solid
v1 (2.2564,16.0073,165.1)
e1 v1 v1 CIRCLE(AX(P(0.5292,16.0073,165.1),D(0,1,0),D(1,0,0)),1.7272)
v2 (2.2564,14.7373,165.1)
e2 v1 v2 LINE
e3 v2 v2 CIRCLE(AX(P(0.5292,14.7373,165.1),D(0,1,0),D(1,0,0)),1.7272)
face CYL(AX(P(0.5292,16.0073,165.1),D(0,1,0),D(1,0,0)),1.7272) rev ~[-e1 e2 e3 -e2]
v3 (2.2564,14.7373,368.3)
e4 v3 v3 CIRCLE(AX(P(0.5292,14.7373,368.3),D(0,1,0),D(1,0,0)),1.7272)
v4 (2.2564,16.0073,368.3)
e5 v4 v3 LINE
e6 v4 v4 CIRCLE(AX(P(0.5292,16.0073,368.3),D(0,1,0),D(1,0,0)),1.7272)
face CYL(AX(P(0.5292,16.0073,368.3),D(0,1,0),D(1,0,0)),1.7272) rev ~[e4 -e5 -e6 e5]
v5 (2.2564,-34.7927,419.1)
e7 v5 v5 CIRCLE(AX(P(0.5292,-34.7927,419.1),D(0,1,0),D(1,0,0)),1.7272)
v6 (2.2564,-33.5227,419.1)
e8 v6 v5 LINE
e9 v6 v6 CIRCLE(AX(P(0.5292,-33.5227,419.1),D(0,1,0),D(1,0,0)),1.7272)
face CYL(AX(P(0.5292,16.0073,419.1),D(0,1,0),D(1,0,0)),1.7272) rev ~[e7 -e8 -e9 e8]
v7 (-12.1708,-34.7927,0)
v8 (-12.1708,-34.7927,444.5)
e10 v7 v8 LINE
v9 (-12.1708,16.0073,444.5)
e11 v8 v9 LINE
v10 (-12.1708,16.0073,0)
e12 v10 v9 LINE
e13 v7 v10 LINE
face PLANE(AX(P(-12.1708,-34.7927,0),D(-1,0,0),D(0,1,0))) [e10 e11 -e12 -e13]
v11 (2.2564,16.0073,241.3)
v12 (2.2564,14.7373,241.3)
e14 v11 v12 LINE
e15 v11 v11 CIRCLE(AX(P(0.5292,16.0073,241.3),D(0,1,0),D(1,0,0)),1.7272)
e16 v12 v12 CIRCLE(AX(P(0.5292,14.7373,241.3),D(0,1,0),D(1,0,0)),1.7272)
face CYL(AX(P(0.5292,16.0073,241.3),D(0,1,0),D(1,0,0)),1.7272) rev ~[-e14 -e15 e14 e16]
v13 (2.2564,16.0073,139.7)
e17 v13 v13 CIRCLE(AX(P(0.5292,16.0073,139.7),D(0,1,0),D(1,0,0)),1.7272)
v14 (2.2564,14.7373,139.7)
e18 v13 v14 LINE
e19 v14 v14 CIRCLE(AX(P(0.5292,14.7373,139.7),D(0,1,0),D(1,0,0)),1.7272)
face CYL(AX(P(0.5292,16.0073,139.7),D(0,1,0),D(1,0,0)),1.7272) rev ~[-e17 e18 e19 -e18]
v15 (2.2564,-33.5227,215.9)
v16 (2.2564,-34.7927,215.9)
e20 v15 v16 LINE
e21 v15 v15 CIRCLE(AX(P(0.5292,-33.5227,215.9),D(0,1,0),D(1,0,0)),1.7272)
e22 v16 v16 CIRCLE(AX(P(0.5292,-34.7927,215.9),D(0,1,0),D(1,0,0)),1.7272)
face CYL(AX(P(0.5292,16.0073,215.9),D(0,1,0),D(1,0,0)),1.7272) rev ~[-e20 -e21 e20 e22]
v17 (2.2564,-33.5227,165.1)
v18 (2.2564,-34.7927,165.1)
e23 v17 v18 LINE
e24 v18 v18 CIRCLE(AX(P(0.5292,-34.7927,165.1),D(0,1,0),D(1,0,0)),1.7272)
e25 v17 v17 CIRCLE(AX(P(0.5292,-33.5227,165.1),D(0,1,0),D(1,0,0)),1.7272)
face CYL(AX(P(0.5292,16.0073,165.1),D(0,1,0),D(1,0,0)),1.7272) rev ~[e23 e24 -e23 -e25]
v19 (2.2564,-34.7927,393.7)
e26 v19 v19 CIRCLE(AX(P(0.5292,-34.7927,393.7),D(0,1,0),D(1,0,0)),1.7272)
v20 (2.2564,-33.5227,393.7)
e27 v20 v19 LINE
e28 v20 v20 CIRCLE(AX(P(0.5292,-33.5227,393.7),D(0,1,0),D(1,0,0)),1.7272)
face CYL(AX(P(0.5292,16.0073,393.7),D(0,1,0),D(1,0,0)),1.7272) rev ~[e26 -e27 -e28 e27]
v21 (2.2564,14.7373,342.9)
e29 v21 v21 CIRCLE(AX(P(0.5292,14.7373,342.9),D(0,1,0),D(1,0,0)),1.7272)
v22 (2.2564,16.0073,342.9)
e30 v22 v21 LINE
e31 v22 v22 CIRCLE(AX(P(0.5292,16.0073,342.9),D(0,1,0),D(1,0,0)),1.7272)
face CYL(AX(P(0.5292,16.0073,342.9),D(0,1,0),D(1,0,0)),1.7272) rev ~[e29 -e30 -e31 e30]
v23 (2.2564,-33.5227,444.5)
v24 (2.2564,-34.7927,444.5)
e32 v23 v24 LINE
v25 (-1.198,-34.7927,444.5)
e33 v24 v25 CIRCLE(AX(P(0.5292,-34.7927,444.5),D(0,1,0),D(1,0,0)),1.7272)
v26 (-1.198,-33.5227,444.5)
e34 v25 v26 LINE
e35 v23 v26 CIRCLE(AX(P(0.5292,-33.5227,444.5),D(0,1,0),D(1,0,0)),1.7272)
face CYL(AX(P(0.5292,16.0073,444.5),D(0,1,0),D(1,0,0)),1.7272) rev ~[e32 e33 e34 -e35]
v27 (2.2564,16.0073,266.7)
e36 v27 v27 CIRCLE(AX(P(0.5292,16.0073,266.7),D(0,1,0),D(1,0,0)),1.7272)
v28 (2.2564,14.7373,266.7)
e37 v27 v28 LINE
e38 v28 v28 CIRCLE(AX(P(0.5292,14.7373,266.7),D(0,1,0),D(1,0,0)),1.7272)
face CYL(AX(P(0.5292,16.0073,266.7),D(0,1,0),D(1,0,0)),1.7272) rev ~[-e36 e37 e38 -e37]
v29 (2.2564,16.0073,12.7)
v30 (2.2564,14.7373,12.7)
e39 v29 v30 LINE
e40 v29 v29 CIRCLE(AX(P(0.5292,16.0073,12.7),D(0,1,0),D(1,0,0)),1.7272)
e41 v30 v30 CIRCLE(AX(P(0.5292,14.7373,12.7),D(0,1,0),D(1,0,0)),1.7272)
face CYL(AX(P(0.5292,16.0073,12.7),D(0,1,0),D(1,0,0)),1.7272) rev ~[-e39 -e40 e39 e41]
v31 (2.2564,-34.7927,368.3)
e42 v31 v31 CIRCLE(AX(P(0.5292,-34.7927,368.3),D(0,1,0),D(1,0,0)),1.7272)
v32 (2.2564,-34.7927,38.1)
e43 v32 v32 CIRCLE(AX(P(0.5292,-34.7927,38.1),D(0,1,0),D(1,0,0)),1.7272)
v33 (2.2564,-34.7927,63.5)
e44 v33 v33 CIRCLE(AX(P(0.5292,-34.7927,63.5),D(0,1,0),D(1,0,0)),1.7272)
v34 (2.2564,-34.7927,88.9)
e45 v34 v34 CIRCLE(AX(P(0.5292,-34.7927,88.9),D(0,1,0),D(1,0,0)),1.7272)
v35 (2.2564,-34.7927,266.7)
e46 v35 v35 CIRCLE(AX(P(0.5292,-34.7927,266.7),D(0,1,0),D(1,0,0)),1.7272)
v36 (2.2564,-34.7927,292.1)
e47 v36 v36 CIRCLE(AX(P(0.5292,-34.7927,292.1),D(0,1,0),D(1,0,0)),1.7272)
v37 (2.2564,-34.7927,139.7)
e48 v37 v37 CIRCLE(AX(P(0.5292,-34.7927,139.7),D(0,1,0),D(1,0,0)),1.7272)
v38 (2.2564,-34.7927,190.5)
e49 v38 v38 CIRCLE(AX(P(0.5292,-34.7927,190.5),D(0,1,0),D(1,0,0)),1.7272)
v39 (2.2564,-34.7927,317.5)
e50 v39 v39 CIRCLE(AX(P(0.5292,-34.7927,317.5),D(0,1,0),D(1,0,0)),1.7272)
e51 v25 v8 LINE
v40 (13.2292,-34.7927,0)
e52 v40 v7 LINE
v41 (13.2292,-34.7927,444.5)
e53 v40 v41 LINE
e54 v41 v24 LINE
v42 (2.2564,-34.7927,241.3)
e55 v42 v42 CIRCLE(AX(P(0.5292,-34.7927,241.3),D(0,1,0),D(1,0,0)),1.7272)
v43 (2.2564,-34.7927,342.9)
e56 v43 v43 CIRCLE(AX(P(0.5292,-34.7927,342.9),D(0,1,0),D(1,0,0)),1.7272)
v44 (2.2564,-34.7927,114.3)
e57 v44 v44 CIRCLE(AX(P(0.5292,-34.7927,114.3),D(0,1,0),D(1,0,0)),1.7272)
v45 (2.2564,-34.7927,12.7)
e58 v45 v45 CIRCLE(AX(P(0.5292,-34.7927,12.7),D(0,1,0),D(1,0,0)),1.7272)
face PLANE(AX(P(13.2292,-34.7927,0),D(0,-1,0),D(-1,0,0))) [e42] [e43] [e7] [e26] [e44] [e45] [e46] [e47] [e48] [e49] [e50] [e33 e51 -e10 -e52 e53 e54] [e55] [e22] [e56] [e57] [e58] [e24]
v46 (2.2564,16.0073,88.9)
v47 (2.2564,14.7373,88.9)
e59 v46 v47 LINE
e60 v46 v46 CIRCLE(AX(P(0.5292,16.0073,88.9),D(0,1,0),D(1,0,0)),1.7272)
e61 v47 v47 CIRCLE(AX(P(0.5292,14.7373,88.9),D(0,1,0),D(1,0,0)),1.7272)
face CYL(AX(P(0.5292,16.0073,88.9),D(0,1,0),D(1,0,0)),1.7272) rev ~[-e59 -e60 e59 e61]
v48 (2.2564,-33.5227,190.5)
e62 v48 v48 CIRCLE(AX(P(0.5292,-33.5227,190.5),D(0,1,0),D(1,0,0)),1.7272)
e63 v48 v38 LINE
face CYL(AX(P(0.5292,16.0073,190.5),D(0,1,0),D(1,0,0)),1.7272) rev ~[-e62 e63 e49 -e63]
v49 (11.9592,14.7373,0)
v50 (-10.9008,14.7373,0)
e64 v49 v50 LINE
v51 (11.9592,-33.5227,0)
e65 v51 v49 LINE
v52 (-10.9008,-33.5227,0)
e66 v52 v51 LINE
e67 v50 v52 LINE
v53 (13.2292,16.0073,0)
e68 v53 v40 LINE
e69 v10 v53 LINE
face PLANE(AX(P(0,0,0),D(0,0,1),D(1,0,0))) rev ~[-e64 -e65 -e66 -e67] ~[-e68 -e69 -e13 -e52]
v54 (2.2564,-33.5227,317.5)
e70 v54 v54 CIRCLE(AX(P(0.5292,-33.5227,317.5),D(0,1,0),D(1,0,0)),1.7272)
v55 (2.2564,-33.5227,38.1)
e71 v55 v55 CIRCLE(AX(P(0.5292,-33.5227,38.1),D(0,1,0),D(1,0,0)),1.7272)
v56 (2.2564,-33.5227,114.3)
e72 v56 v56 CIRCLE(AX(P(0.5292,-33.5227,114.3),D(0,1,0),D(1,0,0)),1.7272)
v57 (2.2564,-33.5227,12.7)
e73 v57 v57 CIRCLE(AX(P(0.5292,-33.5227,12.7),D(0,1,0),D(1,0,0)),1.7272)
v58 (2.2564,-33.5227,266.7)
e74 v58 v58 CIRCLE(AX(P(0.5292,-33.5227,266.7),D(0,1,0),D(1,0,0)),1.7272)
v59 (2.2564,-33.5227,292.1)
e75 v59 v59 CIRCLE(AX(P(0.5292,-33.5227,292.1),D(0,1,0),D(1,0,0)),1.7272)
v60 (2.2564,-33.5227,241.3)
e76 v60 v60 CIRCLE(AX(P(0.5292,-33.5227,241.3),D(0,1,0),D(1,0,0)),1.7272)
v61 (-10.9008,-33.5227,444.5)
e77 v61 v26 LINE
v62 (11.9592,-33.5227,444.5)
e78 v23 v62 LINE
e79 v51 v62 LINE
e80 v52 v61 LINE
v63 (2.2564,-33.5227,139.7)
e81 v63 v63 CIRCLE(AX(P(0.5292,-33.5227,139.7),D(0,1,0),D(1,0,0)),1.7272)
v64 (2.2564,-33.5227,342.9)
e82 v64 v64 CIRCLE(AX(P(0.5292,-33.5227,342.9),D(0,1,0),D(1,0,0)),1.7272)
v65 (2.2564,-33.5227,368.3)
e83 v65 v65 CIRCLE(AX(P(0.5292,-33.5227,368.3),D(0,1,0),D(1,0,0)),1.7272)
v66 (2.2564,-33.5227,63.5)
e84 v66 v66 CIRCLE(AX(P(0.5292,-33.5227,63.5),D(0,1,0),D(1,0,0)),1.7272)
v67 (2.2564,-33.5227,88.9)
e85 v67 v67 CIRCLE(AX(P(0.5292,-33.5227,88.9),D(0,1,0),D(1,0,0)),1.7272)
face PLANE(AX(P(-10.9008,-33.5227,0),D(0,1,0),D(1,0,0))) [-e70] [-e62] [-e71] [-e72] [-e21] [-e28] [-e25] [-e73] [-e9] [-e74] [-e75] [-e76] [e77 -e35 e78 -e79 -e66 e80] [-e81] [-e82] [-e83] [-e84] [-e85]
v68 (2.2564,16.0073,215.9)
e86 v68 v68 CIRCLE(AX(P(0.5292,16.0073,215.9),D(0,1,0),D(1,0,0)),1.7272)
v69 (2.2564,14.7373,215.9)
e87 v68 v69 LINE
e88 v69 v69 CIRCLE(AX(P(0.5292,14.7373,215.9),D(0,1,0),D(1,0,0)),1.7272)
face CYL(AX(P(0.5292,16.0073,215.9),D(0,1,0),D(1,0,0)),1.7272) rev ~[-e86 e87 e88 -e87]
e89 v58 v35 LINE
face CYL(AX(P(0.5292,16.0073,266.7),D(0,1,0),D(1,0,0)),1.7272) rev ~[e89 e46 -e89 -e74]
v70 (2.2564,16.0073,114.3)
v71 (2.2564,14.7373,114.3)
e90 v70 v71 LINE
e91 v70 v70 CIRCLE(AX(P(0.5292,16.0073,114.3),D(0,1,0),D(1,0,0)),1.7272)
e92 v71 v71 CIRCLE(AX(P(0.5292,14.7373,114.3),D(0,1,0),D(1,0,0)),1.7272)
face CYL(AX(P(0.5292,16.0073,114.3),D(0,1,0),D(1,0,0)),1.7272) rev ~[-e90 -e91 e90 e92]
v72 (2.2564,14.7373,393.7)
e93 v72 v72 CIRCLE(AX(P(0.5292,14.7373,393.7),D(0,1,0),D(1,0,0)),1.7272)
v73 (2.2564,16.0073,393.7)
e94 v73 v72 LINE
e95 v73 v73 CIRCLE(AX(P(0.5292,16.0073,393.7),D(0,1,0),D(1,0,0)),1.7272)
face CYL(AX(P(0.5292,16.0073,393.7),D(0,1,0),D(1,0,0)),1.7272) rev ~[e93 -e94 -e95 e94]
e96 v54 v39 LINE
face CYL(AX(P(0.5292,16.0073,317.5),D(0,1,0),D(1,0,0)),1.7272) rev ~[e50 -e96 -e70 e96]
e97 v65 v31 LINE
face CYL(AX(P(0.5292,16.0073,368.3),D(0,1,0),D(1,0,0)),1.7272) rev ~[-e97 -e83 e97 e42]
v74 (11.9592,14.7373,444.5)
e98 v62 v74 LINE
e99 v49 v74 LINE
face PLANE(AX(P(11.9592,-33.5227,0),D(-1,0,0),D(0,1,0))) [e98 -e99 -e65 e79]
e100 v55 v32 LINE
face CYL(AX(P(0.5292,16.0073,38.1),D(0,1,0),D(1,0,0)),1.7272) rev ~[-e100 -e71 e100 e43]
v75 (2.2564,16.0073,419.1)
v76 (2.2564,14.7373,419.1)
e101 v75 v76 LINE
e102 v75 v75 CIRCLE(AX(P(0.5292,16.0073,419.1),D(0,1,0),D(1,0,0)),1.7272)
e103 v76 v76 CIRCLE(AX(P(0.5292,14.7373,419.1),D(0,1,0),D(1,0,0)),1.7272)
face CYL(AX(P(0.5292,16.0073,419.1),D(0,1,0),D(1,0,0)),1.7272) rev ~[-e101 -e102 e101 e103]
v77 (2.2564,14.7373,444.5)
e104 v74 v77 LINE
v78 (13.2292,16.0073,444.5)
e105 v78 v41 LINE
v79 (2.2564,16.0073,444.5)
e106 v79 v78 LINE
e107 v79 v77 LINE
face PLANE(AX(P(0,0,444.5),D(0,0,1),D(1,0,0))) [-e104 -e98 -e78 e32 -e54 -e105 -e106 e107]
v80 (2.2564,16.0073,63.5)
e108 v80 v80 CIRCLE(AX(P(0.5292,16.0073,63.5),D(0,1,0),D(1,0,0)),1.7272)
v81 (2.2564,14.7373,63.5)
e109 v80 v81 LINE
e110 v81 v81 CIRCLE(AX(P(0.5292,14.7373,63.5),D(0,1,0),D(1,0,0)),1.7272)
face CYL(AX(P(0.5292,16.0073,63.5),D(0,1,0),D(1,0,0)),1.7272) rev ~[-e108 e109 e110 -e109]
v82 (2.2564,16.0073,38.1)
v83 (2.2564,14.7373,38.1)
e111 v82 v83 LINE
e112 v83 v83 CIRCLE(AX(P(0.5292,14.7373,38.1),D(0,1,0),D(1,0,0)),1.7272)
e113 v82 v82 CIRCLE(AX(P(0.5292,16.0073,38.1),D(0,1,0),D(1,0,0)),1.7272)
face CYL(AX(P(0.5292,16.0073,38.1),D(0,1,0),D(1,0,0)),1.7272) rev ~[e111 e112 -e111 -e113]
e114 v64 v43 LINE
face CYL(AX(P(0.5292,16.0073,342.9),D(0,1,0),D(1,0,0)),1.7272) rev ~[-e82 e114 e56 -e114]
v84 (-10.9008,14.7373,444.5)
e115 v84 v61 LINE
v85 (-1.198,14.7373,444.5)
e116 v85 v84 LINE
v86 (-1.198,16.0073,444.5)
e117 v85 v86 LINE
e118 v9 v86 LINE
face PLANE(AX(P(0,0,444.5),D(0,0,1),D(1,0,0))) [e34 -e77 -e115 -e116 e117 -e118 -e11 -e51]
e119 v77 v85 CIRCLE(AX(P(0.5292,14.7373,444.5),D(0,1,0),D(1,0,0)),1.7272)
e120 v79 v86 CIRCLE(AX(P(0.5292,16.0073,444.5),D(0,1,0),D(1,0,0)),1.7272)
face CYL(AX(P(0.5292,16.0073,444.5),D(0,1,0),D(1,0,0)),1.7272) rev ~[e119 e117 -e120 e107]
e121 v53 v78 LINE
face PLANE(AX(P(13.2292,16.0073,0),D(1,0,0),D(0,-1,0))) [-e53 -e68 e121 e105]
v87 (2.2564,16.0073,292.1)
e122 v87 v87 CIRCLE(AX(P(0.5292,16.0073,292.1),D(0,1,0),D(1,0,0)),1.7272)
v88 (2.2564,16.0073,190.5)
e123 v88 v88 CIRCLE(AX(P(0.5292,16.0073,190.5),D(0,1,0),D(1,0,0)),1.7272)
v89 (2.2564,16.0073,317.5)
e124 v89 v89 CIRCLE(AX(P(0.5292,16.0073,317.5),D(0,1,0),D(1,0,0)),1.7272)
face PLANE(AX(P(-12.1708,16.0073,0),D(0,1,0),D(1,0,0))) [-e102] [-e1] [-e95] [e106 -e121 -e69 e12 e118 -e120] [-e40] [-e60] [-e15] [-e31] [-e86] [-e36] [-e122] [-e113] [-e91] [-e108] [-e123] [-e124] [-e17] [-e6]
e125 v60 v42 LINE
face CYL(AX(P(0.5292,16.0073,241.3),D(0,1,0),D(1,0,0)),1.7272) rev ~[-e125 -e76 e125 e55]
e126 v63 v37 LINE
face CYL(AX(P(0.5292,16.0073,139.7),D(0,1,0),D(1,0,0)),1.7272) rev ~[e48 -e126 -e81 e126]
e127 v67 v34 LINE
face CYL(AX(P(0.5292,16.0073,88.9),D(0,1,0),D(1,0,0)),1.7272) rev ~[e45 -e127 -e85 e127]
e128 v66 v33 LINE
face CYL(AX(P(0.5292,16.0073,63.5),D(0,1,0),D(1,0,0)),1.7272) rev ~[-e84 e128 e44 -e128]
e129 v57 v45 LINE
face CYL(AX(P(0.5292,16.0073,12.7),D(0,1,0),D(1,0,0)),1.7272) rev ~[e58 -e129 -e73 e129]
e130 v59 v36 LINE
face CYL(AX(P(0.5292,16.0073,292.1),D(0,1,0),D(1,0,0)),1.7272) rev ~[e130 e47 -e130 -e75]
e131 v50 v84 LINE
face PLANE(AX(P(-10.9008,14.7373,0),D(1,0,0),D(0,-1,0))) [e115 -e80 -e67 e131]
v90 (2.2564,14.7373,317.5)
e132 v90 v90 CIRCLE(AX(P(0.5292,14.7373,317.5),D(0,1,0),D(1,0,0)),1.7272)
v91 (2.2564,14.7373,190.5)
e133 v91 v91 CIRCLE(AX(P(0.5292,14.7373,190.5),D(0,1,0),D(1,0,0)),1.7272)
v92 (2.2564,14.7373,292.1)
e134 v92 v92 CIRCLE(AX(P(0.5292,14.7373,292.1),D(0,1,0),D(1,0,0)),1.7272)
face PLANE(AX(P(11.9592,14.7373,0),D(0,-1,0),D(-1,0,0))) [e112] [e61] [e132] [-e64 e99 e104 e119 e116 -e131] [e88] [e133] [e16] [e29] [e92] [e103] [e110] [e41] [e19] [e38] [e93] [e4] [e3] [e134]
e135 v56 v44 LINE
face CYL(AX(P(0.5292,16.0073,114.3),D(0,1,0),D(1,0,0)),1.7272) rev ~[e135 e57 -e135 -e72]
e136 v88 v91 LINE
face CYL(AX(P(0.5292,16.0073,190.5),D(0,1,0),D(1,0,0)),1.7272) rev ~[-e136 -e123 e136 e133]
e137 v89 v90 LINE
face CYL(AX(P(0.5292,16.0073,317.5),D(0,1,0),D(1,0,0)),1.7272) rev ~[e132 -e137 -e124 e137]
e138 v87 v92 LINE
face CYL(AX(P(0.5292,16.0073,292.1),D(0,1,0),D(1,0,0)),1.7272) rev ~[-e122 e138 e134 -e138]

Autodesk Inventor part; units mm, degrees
ref_plane "YZ Plane" through (0, 0, 0) normal (1, 0, 0) x (0, 1, 0)
ref_plane "XZ Plane" through (0, 0, 0) normal (0, 1, 0) x (-1, 0, 0)
ref_plane "XY Plane" through (0, 0, 0) normal (0, 0, 1) x (1, 0, 0)
sketch "Sketch1" plane through (0, 0, 0) normal (0, 0, 1) x (1, 0, 0)
  line L0 (-12.1708, 16.0073) -> (13.2292, 16.0073)
  line L1 (13.2292, 16.0073) -> (13.2292, -34.7927)
  line L2 (13.2292, -34.7927) -> (-12.1708, -34.7927)
  line L3 (-12.1708, -34.7927) -> (-12.1708, 16.0073)
  line L4 (11.9592, 14.7373) -> (-10.9008, 14.7373)
  line L5 (-10.9008, 14.7373) -> (-10.9008, -33.5227)
  line L6 (-10.9008, -33.5227) -> (11.9592, -33.5227)
  line L7 (11.9592, -33.5227) -> (11.9592, 14.7373)
  point P0 (0, 0)
  dimension "d0" = 25.4
  dimension "d1" = 50.8
  dimension "d2" = 1.27
extrude "Extrusion1" add sketch "Sketch1" along normal blind 444.5
sketch "Sketch2" plane through (-12.1708, 16.0073, 0) normal (0, 1, 0) x (1, 0, 0)
  circle A0 centre (12.7, -12.7) radius 1.7272
  line L0 (25.4, 0) -> (0, 0) projected
  line L1 (0, 0) -> (0, -444.5) projected
  point P0 (12.1708, 0)
  dimension "d5" = 3.4544
  dimension "d6" = 12.7
  dimension "d7" = 12.7
extrude "Extrusion2" cut sketch "Sketch2" against normal through all
pattern_linear "Rectangular Pattern1" count 44 spacing 25.4 along (0, 0, 1) of "Extrusion2"
equation "\"d3\" = d13"
equation "\"d10\" = d14"
equation "\"d13\" = 444.5"
equation "\"d14\" = d13"
equation "\"d32\" = 101.6"
properties part number "AIntakeSupport3"
